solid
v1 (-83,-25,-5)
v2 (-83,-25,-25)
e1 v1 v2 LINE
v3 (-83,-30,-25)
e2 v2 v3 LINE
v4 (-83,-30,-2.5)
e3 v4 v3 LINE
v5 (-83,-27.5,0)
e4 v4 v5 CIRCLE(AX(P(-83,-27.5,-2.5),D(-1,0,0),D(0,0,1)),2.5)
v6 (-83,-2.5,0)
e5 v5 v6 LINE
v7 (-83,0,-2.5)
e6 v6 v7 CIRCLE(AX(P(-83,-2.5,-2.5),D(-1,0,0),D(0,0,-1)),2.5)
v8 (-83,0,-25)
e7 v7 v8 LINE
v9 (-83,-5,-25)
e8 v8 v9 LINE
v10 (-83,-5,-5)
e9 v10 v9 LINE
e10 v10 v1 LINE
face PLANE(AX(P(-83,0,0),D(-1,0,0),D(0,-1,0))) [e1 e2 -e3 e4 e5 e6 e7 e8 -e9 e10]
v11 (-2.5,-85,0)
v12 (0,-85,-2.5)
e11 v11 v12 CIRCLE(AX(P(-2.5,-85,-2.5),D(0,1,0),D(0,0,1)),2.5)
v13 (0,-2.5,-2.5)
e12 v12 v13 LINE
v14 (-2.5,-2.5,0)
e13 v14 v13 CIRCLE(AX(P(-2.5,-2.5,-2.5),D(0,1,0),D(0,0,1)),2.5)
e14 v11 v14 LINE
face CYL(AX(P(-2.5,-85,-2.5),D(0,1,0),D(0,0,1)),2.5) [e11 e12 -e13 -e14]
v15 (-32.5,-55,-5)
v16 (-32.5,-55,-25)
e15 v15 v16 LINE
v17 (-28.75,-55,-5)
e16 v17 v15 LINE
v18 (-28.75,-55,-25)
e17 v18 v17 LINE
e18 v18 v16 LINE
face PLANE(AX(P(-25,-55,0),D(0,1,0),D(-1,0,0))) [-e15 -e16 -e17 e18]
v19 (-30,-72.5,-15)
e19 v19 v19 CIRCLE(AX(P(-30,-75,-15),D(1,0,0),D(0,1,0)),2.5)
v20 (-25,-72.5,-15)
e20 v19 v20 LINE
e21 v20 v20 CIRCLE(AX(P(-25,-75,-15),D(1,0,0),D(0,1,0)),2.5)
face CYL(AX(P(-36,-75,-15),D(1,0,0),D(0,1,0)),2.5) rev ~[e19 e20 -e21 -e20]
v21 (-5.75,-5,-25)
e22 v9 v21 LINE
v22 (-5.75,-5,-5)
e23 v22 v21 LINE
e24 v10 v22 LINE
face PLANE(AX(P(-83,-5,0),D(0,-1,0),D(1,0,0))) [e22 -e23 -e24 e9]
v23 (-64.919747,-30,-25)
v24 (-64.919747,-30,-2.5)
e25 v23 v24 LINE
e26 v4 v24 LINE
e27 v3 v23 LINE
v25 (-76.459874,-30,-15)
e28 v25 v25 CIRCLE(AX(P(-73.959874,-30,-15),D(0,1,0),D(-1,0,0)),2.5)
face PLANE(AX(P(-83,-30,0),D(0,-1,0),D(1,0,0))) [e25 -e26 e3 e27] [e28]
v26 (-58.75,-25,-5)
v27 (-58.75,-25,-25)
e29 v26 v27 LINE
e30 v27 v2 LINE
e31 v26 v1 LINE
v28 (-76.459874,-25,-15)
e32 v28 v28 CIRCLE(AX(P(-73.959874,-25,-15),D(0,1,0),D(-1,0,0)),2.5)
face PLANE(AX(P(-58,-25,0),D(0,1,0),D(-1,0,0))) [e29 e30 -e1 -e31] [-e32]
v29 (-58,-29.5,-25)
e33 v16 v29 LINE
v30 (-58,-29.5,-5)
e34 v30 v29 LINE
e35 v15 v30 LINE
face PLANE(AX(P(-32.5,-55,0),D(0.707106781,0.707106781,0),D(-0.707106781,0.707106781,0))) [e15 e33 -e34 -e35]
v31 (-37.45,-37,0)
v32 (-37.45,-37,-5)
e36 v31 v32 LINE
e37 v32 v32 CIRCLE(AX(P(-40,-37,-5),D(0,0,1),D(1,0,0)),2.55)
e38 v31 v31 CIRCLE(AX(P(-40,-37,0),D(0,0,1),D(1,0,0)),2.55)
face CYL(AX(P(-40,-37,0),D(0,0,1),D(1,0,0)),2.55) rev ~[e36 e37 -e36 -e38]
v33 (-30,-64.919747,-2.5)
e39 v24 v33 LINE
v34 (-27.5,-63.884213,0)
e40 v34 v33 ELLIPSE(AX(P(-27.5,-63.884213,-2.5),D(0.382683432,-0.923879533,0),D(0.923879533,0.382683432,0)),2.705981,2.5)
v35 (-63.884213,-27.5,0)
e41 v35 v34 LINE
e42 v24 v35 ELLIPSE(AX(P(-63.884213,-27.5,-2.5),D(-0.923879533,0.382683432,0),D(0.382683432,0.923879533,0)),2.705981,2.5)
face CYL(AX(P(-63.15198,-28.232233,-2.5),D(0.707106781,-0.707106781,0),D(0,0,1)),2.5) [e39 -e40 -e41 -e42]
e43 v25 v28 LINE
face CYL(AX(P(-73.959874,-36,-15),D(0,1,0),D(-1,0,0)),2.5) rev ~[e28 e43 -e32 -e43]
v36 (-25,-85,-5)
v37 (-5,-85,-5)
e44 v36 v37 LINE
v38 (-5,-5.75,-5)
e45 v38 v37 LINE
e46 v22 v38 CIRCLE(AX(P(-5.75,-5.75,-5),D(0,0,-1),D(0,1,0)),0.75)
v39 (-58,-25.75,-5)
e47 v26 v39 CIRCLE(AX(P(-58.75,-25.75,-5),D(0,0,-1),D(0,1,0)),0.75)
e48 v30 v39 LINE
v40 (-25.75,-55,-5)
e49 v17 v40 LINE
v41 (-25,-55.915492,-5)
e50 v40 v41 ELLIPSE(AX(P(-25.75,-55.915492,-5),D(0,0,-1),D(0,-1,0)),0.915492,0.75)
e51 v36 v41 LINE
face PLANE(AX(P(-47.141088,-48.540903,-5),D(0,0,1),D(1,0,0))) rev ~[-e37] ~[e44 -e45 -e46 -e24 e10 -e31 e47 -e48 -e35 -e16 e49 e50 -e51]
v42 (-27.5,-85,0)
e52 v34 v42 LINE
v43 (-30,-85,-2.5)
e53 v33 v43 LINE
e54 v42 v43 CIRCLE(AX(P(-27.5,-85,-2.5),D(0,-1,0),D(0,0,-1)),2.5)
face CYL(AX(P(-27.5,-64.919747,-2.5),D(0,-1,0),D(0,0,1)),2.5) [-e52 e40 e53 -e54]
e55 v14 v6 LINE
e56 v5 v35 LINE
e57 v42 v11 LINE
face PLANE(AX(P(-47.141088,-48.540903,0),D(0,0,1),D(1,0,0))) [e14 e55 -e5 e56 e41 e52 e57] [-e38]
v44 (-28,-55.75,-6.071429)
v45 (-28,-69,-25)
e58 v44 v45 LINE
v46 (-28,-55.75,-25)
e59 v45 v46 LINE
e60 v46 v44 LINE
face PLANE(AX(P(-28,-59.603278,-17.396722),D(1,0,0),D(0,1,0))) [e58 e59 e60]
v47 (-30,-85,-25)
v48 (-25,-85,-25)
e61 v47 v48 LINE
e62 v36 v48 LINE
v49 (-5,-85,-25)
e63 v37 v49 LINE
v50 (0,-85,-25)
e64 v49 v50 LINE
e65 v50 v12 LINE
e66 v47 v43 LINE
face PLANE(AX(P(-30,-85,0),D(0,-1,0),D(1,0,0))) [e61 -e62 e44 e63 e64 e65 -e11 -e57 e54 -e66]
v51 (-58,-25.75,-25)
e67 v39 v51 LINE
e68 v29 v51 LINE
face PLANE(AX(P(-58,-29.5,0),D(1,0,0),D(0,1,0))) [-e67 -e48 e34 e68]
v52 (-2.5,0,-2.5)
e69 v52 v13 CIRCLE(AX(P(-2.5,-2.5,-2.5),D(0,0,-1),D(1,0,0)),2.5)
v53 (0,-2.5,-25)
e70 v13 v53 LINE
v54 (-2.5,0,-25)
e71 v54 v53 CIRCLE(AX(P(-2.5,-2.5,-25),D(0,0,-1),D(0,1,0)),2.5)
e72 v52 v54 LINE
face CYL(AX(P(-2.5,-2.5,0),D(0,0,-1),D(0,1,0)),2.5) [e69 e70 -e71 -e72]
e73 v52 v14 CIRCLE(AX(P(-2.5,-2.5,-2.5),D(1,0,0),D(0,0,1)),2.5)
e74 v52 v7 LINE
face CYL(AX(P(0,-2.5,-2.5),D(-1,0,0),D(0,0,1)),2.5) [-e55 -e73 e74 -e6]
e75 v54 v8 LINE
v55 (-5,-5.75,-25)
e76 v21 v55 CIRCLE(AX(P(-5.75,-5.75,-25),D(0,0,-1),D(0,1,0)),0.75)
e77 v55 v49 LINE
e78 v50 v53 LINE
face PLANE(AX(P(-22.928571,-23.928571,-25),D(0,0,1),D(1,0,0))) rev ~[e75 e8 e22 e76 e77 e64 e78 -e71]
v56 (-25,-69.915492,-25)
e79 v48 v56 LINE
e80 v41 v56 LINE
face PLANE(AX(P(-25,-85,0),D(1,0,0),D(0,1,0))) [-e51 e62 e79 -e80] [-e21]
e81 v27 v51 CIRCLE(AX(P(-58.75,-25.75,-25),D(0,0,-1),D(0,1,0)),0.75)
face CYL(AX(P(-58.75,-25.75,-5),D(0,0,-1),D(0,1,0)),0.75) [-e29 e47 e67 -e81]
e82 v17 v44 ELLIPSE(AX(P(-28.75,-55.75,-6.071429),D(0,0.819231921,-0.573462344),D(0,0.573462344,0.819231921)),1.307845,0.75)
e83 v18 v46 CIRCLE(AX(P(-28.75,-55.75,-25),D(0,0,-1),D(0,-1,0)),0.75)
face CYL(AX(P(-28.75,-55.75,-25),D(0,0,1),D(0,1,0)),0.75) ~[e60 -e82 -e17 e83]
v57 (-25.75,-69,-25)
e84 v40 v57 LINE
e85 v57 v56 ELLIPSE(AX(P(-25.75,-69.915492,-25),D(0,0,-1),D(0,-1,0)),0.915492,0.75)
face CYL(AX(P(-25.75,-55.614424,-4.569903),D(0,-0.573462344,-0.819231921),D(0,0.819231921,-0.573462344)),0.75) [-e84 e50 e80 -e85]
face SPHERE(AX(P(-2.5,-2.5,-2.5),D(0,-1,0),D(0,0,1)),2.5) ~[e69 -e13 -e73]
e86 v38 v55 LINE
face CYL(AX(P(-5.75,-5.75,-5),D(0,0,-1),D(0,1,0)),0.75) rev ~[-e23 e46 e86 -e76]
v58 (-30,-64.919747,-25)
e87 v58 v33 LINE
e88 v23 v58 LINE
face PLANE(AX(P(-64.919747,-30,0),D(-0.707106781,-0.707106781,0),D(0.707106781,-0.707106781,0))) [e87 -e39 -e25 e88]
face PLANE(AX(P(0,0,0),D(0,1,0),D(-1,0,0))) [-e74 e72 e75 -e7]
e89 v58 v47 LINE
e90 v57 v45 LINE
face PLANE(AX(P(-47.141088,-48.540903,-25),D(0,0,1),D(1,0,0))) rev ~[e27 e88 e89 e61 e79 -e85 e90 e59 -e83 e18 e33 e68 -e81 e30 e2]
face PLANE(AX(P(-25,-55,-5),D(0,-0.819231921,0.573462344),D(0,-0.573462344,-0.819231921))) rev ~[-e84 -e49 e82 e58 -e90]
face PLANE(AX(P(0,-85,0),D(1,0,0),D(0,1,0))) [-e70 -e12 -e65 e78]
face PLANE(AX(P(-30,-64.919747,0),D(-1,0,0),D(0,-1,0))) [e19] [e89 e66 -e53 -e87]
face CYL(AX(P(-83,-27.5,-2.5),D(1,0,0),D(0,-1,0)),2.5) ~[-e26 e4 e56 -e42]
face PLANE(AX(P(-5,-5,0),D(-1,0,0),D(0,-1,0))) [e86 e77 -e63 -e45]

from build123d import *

# Parameters (mm, degrees)
F0_R      = 2.55
F1_DEPTH  = 5
F2_DEPTH  = 25
F3_R      = 2.5
F5_DEPTH  = 3
F6_R      = 0.75
F8_D      = 5
F8_DEPTH  = 6
F10_D     = 5
F10_DEPTH = 6


with BuildPart() as f1:
    # F0 (on Top) → F1 (new body)
    with BuildSketch(Plane.XY):
        Polygon((-58, -25), (-83, -25), (-83, -30), (-64.919747, -30), (-30, -64.919747), (-30, -85), (-25, -85), (-25, -55), (-32.5, -55), (-58, -29.5), align=None)
        Polygon((0, 0), (-83, 0), (-83, -5), (-5, -5), (-5, -85), (0, -85), align=None)
        Polygon((-5, -5), (-83, -5), (-83, -25), (-58, -25), (-58, -29.5), (-32.5, -55), (-25, -55), (-25, -85), (-5, -85), align=None)
        with Locations((-40, -37)):
            Circle(F0_R, mode=Mode.SUBTRACT)
    extrude(amount=-F1_DEPTH)

    # F0 (on Top) → F2 (join)
    with BuildSketch(Plane.XY):
        Polygon((-58, -25), (-83, -25), (-83, -30), (-64.919747, -30), (-30, -64.919747), (-30, -85), (-25, -85), (-25, -55), (-32.5, -55), (-58, -29.5), align=None)
        Polygon((0, 0), (-83, 0), (-83, -5), (-5, -5), (-5, -85), (0, -85), align=None)
    extrude(amount=-F2_DEPTH)

    # F3
    f3_edges = [f1.edges().sort_by_distance(p)[0] for p in [
        (-73.959874, -30, 0),
        (-47.459874, -47.459874, 0),
        (-30, -74.959874, 0),
        (0, -42.5, 0),
        (-41.5, 0, 0),
        (0, 0, -12.5),
    ]]
    fillet(f3_edges, radius=F3_R)

    # F4 (on face) → F5 (cut)
    with BuildSketch(Plane.YZ.offset(-25)):
        Polygon((-55, -25), (-55, -5), (-69, -25), align=None)
    extrude(amount=-F5_DEPTH, mode=Mode.SUBTRACT)

    # F6
    f6_edges = [f1.edges().sort_by_distance(p)[0] for p in [
        (-58, -25, -15),
        (-28, -55, -15),
        (-25, -62, -15),
        (-5, -5, -15),
    ]]
    fillet(f6_edges, radius=F6_R)

    # F8
    with Locations(Plane(origin=(-30, 0, 0), x_dir=(0, -1, 0), z_dir=(-1, 0, 0))):
        with Locations((75, -15)):
            Hole(F8_D / 2, depth=F8_DEPTH)

    # F10
    with Locations(Plane.XZ.offset(30)):
        with Locations((-73.959874, -15)):
            Hole(F10_D / 2, depth=F10_DEPTH)


solid = f1.part
